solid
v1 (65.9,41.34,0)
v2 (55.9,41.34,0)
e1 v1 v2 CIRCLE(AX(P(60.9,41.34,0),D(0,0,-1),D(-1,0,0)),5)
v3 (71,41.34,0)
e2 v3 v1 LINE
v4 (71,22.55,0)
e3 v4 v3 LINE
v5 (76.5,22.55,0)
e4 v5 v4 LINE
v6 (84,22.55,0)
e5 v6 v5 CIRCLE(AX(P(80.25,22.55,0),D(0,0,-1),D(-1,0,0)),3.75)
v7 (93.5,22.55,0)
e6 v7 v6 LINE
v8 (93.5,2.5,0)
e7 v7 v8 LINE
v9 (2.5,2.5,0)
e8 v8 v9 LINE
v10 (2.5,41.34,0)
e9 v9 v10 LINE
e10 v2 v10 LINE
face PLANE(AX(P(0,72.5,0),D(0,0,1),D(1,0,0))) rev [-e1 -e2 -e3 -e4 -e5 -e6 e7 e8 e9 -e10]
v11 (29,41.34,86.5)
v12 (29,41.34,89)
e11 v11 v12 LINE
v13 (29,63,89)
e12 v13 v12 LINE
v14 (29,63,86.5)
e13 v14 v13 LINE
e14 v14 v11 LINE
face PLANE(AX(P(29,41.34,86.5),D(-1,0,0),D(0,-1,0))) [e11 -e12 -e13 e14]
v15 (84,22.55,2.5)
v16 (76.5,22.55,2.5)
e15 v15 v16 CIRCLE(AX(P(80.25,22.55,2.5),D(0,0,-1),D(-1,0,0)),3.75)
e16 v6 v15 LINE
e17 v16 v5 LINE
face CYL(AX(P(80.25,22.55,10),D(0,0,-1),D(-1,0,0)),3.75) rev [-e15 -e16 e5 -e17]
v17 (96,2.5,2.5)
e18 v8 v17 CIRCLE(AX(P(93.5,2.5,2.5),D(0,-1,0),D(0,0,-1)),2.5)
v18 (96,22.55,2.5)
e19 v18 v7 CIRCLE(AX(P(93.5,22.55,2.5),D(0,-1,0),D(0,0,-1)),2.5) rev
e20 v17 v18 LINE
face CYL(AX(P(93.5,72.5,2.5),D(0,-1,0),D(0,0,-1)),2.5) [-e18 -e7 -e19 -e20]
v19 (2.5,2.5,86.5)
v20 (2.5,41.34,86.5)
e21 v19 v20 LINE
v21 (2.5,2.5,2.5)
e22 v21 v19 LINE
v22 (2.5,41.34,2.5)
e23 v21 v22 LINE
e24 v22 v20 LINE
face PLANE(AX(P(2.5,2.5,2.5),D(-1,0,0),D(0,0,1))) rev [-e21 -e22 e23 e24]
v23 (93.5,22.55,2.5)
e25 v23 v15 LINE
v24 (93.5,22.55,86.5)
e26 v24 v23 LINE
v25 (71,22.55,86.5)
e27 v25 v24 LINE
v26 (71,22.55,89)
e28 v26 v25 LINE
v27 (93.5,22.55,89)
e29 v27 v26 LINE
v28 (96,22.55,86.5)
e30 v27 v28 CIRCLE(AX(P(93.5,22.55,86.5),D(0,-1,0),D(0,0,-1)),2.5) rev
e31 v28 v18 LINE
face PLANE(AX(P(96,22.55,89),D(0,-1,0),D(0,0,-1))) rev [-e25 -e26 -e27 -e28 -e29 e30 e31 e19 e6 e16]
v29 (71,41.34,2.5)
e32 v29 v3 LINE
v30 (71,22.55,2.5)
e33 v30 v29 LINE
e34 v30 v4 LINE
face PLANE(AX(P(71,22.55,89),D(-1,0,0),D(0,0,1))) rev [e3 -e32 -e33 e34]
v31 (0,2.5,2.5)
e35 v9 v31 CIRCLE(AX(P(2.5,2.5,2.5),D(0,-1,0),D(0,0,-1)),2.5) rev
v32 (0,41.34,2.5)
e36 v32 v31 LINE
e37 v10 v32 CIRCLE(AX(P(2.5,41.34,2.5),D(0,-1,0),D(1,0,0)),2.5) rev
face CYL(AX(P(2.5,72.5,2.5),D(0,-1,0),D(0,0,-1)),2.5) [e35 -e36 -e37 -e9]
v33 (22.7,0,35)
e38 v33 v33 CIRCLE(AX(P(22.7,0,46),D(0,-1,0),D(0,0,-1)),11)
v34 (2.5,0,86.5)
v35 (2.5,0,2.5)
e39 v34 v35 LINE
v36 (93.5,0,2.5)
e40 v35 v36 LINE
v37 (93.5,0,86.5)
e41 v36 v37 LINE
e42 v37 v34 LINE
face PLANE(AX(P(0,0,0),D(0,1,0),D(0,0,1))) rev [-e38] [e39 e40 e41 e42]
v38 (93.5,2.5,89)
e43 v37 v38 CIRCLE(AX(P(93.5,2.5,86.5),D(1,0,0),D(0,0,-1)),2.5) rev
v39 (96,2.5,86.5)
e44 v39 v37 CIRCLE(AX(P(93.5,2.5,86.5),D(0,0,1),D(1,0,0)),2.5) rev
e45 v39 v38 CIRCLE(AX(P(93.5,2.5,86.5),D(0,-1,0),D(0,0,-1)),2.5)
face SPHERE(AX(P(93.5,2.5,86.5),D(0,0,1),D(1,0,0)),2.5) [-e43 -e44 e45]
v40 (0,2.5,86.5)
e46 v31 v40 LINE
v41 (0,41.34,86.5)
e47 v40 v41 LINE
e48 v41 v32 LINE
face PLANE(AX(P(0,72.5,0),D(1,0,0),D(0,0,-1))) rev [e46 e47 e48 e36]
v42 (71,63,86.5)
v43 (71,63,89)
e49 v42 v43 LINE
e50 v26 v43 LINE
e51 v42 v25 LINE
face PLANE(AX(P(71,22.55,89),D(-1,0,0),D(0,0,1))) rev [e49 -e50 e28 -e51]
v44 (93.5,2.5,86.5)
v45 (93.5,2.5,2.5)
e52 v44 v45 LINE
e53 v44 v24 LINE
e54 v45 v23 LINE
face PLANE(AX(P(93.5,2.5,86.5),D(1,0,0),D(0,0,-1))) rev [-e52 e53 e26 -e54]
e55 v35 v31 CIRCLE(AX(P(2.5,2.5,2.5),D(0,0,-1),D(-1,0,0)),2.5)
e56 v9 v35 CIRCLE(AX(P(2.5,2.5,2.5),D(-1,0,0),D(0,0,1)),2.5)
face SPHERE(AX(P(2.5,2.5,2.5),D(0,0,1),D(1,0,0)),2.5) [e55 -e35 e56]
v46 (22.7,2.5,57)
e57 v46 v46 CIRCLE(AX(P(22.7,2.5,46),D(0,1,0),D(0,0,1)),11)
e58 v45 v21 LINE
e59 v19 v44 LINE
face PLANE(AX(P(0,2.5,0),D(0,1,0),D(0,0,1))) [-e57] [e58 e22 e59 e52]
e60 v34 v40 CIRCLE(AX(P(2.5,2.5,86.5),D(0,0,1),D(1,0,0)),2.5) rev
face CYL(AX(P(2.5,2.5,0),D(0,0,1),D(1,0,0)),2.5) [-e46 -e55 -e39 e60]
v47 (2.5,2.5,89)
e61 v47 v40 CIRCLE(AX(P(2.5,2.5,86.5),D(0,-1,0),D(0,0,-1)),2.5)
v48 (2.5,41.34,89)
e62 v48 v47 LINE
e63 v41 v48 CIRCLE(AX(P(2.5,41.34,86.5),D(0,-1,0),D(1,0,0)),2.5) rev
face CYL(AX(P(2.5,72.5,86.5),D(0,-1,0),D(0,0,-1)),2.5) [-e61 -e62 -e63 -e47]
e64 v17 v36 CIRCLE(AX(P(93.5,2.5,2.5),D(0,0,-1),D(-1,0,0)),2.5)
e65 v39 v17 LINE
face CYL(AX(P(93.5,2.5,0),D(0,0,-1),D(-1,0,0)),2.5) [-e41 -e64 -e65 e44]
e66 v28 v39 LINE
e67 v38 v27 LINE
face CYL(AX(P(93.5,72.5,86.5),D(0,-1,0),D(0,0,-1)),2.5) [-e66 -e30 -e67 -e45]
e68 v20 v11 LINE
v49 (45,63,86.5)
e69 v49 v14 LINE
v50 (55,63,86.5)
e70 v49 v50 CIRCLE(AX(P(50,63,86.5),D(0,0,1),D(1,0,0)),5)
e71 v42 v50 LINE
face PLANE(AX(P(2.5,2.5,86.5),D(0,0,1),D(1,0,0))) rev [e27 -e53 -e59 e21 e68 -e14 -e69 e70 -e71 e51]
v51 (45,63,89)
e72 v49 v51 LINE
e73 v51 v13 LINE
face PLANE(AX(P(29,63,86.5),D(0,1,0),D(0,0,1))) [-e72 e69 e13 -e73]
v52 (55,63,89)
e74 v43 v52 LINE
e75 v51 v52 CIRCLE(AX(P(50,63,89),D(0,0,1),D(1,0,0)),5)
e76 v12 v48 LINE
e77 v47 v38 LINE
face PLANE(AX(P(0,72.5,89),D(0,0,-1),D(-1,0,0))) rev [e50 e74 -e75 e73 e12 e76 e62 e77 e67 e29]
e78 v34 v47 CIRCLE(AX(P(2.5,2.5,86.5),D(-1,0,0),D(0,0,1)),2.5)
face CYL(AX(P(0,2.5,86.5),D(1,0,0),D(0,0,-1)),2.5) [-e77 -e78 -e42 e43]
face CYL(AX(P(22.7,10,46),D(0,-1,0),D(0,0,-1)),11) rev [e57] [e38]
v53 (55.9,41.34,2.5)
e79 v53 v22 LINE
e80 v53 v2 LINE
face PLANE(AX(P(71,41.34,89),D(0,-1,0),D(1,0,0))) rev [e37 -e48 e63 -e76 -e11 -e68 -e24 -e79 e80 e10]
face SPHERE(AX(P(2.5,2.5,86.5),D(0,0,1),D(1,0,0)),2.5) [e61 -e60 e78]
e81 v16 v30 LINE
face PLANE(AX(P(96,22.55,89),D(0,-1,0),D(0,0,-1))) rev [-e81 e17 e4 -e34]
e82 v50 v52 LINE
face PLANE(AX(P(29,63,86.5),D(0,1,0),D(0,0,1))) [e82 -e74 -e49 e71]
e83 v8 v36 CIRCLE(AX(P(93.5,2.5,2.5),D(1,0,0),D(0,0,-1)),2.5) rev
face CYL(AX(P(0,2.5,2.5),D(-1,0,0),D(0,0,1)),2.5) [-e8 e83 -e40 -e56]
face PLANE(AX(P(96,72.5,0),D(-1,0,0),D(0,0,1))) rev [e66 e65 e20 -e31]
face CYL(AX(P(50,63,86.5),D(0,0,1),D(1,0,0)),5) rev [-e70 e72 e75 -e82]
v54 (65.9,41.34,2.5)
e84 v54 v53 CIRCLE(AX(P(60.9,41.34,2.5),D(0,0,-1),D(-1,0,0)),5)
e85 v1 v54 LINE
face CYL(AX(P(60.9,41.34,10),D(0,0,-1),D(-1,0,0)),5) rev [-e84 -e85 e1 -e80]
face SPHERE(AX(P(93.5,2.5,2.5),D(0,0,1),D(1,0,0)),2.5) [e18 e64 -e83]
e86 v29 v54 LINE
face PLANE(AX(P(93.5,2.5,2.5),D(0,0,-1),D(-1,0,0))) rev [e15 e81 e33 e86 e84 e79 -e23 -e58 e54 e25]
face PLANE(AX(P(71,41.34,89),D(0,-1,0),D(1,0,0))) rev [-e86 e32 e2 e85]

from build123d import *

# Parameters (mm, degrees)
SKETCH1_W           = 96
SKETCH1_H           = 89
BOSS_EXTRUDE1_DEPTH = 72.5
SKETCH3_W           = 91
SKETCH3_H           = 84
CUT_EXTRUDE1_DEPTH  = 70
SKETCH4_R           = 11
CUT_EXTRUDE3_DEPTH  = 10
CUT_EXTRUDE4_DEPTH  = 90
CUT_EXTRUDE5_DEPTH  = 10
SKETCH8_W           = 42
SKETCH8_H           = 21.66
BOSS_EXTRUDE2_DEPTH = 2.5
CUT_EXTRUDE6_DEPTH  = 2.5
FILLET1_R           = 2.5


with BuildPart() as part:
    # Sketch1 → Boss-Extrude1 (new body)
    with BuildSketch(Plane(origin=(0, 0, 0), x_dir=(1, 0, 0), z_dir=(0, 1, 0))):
        with Locations((48, -44.5)):
            Rectangle(SKETCH1_W, SKETCH1_H)
    extrude(amount=BOSS_EXTRUDE1_DEPTH)

    # Sketch3 → Cut-Extrude1 (cut)
    with BuildSketch(Plane(origin=(0, 72.5, 0), x_dir=(1, 0, 0), z_dir=(0, 1, 0))):
        with Locations((48, -44.5)):
            Rectangle(SKETCH3_W, SKETCH3_H)
    extrude(amount=-CUT_EXTRUDE1_DEPTH, mode=Mode.SUBTRACT)

    # Sketch4 → Cut-Extrude3 (cut)
    with BuildSketch(Plane.XZ):
        with Locations((22.7, 46)):
            Circle(SKETCH4_R)
    extrude(amount=-CUT_EXTRUDE3_DEPTH, mode=Mode.SUBTRACT)

    # Sketch6 → Cut-Extrude4 (cut, through all)
    with BuildSketch(Plane(origin=(0, 0, 0), x_dir=(-1, 0, 0), z_dir=(0, 0, -1))):
        Polygon((-96, 22.55), (-71, 22.55), (-71, 41.34), (0, 41.34), (0, 72.5), (-96, 72.5), align=None)
    extrude(amount=-CUT_EXTRUDE4_DEPTH, mode=Mode.SUBTRACT)

    # Sketch7 → Cut-Extrude5 (cut)
    with BuildSketch(Plane(origin=(0, 0, 0), x_dir=(-1, 0, 0), z_dir=(0, 0, -1))):
        with BuildLine():
            Line((-84, 22.55), (-76.5, 22.55))
            ThreePointArc((-76.5, 22.55), (-80.25, 18.8), (-84, 22.55))
        make_face()
        with BuildLine():
            Line((-65.9, 41.34), (-55.9, 41.34))
            ThreePointArc((-55.9, 41.34), (-60.9, 36.34), (-65.9, 41.34))
        make_face()
    extrude(amount=-CUT_EXTRUDE5_DEPTH, mode=Mode.SUBTRACT)

    # Sketch8 → Boss-Extrude2 (add)
    with BuildSketch(Plane.XY.offset(89)):
        with Locations((50, 52.17)):
            Rectangle(SKETCH8_W, SKETCH8_H)
    extrude(amount=-BOSS_EXTRUDE2_DEPTH)

    # Sketch9 → Cut-Extrude6 (cut)
    with BuildSketch(Plane.XY.offset(89)):
        with BuildLine():
            Line((45, 63), (55, 63))
            ThreePointArc((55, 63), (50, 58), (45, 63))
        make_face()
    extrude(amount=-CUT_EXTRUDE6_DEPTH, mode=Mode.SUBTRACT)

    # Fillet1
    fillet1_edges = [part.edges().sort_by_distance(p)[0] for p in [
        (0, 20.67, 0),
        (96, 11.275, 0),
        (96, 11.275, 89),
        (0, 20.67, 89),
        (48, 0, 0),
        (96, 0, 44.5),
        (48, 0, 89),
        (0, 0, 44.5),
    ]]
    fillet(fillet1_edges, radius=FILLET1_R)


solid = part.part
